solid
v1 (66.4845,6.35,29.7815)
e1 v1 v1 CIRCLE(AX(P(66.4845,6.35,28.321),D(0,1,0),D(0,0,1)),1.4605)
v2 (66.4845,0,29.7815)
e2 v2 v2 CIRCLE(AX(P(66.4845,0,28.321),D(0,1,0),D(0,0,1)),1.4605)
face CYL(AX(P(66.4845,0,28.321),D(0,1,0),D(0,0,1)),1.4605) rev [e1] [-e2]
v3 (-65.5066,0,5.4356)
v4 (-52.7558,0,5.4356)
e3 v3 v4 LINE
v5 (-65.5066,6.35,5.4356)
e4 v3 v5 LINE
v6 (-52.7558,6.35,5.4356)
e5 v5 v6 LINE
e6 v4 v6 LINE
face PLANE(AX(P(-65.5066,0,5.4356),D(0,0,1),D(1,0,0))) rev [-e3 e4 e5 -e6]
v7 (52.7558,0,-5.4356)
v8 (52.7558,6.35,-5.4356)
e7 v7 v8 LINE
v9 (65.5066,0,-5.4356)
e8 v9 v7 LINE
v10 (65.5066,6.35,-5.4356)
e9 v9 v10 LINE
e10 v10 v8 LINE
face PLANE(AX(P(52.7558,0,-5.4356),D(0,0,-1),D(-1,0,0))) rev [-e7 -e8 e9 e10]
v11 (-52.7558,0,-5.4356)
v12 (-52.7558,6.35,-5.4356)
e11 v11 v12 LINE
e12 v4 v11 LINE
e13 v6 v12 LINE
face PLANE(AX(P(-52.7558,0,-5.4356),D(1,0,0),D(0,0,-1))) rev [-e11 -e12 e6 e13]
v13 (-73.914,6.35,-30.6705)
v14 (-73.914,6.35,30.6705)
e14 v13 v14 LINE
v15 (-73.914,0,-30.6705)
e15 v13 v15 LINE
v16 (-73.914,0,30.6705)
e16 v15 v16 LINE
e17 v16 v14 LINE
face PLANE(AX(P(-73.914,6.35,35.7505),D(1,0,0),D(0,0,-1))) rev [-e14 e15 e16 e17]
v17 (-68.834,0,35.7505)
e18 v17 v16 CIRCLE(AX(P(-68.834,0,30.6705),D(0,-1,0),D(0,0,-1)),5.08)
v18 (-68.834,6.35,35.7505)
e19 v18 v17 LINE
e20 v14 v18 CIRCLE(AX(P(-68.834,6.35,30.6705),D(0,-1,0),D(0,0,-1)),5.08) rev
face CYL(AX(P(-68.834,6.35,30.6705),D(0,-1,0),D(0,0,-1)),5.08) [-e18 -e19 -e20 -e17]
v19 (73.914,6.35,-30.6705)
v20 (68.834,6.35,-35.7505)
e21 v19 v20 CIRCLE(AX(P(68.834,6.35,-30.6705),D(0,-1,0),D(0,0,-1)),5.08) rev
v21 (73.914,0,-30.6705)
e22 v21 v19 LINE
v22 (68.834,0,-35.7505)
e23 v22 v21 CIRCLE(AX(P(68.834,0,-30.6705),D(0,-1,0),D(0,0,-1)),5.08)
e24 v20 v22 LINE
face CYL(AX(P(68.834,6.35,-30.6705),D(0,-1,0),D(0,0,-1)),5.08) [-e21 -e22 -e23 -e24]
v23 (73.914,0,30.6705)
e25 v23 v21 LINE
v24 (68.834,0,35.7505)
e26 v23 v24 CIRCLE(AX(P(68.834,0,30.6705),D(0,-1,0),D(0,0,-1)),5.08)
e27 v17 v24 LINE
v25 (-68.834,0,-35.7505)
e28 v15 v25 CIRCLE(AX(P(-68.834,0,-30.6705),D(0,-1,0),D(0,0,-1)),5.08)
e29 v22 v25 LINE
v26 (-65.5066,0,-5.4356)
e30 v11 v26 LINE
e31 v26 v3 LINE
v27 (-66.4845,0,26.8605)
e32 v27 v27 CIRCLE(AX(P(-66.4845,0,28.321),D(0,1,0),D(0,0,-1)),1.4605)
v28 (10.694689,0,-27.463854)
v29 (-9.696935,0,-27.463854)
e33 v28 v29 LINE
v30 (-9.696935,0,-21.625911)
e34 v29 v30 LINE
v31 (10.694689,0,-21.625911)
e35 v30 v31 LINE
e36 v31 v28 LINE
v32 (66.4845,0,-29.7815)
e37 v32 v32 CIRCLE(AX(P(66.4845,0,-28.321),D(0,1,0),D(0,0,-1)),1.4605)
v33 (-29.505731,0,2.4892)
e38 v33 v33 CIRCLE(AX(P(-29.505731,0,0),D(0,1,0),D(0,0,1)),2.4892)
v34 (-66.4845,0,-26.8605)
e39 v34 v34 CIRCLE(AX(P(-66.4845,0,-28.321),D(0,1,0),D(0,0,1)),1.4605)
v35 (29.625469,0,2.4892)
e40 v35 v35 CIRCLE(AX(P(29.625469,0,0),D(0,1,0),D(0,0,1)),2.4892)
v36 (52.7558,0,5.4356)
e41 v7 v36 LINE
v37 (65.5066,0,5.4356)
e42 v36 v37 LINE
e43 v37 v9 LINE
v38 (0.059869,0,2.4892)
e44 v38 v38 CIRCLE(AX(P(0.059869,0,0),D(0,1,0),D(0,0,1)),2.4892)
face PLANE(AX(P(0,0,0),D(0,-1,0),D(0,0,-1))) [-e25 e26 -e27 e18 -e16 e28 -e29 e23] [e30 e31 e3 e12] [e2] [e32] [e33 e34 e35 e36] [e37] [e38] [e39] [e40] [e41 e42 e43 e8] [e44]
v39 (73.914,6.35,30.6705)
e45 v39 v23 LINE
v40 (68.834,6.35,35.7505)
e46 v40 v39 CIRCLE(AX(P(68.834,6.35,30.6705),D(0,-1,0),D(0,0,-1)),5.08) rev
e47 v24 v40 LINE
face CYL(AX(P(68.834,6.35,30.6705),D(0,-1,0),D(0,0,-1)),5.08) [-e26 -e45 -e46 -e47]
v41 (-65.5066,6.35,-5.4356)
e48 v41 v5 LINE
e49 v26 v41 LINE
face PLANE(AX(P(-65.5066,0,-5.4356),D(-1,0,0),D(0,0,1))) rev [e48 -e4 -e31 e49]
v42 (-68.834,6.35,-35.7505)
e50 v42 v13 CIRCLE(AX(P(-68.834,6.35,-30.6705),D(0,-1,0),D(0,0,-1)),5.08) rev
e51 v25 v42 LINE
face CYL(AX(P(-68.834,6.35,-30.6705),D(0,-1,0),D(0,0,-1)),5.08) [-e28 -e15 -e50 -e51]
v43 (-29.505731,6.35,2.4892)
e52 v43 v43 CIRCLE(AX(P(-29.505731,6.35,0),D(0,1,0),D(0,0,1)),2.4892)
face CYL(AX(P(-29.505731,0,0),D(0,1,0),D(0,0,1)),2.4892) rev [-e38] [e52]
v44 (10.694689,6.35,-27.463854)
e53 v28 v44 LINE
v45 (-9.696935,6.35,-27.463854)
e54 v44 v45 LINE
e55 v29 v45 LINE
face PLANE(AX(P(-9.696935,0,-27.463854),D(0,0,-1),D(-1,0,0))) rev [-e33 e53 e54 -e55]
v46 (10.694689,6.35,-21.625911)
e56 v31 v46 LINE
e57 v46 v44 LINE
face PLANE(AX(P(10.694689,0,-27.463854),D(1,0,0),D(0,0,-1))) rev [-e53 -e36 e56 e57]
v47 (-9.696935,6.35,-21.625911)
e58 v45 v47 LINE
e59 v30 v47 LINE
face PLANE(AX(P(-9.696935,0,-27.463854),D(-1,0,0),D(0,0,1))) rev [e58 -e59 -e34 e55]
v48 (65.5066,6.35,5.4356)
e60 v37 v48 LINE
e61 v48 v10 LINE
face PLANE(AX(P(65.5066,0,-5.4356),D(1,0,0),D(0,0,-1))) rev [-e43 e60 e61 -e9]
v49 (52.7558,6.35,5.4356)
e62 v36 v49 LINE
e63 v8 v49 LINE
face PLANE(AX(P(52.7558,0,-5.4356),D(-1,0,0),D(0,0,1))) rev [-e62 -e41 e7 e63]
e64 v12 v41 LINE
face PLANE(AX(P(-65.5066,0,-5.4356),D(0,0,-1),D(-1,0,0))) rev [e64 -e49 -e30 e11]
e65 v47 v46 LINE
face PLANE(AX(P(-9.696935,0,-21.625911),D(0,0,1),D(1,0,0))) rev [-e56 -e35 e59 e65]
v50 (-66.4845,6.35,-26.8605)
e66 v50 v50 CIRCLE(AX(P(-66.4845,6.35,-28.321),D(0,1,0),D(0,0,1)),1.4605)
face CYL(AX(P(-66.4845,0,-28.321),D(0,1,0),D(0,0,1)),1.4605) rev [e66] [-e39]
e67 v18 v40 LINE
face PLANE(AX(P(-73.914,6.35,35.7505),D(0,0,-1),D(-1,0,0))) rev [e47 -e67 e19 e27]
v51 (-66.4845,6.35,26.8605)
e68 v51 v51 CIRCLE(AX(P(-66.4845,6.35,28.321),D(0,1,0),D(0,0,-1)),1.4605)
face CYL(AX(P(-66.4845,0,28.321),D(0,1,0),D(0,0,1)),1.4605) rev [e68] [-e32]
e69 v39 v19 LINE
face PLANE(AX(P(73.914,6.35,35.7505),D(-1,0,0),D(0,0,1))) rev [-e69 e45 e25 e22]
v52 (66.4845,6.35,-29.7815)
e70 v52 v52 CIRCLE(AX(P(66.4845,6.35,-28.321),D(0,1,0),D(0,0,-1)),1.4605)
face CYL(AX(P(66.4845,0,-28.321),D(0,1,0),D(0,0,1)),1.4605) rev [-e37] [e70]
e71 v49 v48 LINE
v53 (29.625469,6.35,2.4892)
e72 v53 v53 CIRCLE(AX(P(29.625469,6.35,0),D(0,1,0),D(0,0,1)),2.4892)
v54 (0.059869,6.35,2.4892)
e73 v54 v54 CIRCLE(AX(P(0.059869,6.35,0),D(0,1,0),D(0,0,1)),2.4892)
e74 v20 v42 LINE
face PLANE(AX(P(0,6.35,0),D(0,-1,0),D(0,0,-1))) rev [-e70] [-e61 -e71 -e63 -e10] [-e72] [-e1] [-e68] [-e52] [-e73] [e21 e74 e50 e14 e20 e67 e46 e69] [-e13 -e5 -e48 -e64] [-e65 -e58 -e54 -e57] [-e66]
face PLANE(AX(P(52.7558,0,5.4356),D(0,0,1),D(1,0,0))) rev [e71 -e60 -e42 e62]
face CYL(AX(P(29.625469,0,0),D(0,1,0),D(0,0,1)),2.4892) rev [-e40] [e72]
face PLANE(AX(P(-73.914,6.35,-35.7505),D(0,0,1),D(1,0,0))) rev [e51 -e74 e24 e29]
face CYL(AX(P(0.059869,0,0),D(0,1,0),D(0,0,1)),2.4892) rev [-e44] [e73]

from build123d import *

# Parameters (mm, degrees)
SKETCH1_W           = 147.828
SKETCH1_H           = 71.501
BOSS_EXTRUDE1_DEPTH = 6.35
FILLET1_R           = 5.08
SKETCH2_R           = 2.4892
SKETCH2_W           = 12.7508
SKETCH2_H           = 10.8712
CUT_EXTRUDE1_DEPTH  = 7.35
SKETCH3_R           = 1.4605
CUT_EXTRUDE2_DEPTH  = 7.35
SKETCH5_W           = 20.391623785
SKETCH5_H           = 5.837943421
CUT_EXTRUDE3_DEPTH  = 7.35


with BuildPart() as part:
    # Sketch1 → Boss-Extrude1 (new body)
    with BuildSketch(Plane(origin=(0, 0, 0), x_dir=(1, 0, 0), z_dir=(0, 1, 0))):
        Rectangle(SKETCH1_W, SKETCH1_H)
    extrude(amount=BOSS_EXTRUDE1_DEPTH)

    # Fillet1
    fillet1_edges = [part.edges().sort_by_distance(p)[0] for p in [
        (73.914, 3.175, 35.7505),
        (-73.914, 3.175, 35.7505),
        (-73.914, 3.175, -35.7505),
        (73.914, 3.175, -35.7505),
    ]]
    fillet(fillet1_edges, radius=FILLET1_R)

    # Sketch2 → Cut-Extrude1 (cut, through all)
    with BuildSketch(Plane(origin=(0, 6.35, 0), x_dir=(1, 0, 0), z_dir=(0, 1, 0))):
        with Locations((-29.505731413, 0)):
            Circle(SKETCH2_R)
        with Locations((29.625468587, 0)):
            Circle(SKETCH2_R)
        with Locations((0.059868587, 0)):
            Circle(SKETCH2_R)
        with Locations((59.1312, 0)):
            Rectangle(SKETCH2_W, SKETCH2_H)
        with Locations((-59.1312, 0)):
            Rectangle(SKETCH2_W, SKETCH2_H)
    extrude(amount=-CUT_EXTRUDE1_DEPTH, mode=Mode.SUBTRACT)

    # Sketch3 → Cut-Extrude2 (cut, through all)
    with BuildSketch(Plane(origin=(0, 6.35, 0), x_dir=(1, 0, 0), z_dir=(0, 1, 0))):
        with Locations((-66.4845, 28.321)):
            Circle(SKETCH3_R)
        with Locations((66.4845, 28.321)):
            Circle(SKETCH3_R)
        with Locations((66.4845, -28.321)):
            Circle(SKETCH3_R)
        with Locations((-66.4845, -28.321)):
            Circle(SKETCH3_R)
    extrude(amount=-CUT_EXTRUDE2_DEPTH, mode=Mode.SUBTRACT)

    # Sketch5 → Cut-Extrude3 (cut, through all)
    with BuildSketch(Plane(origin=(0, 6.35, 0), x_dir=(1, 0, 0), z_dir=(0, 1, 0))):
        with Locations((0.498877124, 24.544882744)):
            Rectangle(SKETCH5_W, SKETCH5_H)
    extrude(amount=-CUT_EXTRUDE3_DEPTH, mode=Mode.SUBTRACT)


solid = part.part
